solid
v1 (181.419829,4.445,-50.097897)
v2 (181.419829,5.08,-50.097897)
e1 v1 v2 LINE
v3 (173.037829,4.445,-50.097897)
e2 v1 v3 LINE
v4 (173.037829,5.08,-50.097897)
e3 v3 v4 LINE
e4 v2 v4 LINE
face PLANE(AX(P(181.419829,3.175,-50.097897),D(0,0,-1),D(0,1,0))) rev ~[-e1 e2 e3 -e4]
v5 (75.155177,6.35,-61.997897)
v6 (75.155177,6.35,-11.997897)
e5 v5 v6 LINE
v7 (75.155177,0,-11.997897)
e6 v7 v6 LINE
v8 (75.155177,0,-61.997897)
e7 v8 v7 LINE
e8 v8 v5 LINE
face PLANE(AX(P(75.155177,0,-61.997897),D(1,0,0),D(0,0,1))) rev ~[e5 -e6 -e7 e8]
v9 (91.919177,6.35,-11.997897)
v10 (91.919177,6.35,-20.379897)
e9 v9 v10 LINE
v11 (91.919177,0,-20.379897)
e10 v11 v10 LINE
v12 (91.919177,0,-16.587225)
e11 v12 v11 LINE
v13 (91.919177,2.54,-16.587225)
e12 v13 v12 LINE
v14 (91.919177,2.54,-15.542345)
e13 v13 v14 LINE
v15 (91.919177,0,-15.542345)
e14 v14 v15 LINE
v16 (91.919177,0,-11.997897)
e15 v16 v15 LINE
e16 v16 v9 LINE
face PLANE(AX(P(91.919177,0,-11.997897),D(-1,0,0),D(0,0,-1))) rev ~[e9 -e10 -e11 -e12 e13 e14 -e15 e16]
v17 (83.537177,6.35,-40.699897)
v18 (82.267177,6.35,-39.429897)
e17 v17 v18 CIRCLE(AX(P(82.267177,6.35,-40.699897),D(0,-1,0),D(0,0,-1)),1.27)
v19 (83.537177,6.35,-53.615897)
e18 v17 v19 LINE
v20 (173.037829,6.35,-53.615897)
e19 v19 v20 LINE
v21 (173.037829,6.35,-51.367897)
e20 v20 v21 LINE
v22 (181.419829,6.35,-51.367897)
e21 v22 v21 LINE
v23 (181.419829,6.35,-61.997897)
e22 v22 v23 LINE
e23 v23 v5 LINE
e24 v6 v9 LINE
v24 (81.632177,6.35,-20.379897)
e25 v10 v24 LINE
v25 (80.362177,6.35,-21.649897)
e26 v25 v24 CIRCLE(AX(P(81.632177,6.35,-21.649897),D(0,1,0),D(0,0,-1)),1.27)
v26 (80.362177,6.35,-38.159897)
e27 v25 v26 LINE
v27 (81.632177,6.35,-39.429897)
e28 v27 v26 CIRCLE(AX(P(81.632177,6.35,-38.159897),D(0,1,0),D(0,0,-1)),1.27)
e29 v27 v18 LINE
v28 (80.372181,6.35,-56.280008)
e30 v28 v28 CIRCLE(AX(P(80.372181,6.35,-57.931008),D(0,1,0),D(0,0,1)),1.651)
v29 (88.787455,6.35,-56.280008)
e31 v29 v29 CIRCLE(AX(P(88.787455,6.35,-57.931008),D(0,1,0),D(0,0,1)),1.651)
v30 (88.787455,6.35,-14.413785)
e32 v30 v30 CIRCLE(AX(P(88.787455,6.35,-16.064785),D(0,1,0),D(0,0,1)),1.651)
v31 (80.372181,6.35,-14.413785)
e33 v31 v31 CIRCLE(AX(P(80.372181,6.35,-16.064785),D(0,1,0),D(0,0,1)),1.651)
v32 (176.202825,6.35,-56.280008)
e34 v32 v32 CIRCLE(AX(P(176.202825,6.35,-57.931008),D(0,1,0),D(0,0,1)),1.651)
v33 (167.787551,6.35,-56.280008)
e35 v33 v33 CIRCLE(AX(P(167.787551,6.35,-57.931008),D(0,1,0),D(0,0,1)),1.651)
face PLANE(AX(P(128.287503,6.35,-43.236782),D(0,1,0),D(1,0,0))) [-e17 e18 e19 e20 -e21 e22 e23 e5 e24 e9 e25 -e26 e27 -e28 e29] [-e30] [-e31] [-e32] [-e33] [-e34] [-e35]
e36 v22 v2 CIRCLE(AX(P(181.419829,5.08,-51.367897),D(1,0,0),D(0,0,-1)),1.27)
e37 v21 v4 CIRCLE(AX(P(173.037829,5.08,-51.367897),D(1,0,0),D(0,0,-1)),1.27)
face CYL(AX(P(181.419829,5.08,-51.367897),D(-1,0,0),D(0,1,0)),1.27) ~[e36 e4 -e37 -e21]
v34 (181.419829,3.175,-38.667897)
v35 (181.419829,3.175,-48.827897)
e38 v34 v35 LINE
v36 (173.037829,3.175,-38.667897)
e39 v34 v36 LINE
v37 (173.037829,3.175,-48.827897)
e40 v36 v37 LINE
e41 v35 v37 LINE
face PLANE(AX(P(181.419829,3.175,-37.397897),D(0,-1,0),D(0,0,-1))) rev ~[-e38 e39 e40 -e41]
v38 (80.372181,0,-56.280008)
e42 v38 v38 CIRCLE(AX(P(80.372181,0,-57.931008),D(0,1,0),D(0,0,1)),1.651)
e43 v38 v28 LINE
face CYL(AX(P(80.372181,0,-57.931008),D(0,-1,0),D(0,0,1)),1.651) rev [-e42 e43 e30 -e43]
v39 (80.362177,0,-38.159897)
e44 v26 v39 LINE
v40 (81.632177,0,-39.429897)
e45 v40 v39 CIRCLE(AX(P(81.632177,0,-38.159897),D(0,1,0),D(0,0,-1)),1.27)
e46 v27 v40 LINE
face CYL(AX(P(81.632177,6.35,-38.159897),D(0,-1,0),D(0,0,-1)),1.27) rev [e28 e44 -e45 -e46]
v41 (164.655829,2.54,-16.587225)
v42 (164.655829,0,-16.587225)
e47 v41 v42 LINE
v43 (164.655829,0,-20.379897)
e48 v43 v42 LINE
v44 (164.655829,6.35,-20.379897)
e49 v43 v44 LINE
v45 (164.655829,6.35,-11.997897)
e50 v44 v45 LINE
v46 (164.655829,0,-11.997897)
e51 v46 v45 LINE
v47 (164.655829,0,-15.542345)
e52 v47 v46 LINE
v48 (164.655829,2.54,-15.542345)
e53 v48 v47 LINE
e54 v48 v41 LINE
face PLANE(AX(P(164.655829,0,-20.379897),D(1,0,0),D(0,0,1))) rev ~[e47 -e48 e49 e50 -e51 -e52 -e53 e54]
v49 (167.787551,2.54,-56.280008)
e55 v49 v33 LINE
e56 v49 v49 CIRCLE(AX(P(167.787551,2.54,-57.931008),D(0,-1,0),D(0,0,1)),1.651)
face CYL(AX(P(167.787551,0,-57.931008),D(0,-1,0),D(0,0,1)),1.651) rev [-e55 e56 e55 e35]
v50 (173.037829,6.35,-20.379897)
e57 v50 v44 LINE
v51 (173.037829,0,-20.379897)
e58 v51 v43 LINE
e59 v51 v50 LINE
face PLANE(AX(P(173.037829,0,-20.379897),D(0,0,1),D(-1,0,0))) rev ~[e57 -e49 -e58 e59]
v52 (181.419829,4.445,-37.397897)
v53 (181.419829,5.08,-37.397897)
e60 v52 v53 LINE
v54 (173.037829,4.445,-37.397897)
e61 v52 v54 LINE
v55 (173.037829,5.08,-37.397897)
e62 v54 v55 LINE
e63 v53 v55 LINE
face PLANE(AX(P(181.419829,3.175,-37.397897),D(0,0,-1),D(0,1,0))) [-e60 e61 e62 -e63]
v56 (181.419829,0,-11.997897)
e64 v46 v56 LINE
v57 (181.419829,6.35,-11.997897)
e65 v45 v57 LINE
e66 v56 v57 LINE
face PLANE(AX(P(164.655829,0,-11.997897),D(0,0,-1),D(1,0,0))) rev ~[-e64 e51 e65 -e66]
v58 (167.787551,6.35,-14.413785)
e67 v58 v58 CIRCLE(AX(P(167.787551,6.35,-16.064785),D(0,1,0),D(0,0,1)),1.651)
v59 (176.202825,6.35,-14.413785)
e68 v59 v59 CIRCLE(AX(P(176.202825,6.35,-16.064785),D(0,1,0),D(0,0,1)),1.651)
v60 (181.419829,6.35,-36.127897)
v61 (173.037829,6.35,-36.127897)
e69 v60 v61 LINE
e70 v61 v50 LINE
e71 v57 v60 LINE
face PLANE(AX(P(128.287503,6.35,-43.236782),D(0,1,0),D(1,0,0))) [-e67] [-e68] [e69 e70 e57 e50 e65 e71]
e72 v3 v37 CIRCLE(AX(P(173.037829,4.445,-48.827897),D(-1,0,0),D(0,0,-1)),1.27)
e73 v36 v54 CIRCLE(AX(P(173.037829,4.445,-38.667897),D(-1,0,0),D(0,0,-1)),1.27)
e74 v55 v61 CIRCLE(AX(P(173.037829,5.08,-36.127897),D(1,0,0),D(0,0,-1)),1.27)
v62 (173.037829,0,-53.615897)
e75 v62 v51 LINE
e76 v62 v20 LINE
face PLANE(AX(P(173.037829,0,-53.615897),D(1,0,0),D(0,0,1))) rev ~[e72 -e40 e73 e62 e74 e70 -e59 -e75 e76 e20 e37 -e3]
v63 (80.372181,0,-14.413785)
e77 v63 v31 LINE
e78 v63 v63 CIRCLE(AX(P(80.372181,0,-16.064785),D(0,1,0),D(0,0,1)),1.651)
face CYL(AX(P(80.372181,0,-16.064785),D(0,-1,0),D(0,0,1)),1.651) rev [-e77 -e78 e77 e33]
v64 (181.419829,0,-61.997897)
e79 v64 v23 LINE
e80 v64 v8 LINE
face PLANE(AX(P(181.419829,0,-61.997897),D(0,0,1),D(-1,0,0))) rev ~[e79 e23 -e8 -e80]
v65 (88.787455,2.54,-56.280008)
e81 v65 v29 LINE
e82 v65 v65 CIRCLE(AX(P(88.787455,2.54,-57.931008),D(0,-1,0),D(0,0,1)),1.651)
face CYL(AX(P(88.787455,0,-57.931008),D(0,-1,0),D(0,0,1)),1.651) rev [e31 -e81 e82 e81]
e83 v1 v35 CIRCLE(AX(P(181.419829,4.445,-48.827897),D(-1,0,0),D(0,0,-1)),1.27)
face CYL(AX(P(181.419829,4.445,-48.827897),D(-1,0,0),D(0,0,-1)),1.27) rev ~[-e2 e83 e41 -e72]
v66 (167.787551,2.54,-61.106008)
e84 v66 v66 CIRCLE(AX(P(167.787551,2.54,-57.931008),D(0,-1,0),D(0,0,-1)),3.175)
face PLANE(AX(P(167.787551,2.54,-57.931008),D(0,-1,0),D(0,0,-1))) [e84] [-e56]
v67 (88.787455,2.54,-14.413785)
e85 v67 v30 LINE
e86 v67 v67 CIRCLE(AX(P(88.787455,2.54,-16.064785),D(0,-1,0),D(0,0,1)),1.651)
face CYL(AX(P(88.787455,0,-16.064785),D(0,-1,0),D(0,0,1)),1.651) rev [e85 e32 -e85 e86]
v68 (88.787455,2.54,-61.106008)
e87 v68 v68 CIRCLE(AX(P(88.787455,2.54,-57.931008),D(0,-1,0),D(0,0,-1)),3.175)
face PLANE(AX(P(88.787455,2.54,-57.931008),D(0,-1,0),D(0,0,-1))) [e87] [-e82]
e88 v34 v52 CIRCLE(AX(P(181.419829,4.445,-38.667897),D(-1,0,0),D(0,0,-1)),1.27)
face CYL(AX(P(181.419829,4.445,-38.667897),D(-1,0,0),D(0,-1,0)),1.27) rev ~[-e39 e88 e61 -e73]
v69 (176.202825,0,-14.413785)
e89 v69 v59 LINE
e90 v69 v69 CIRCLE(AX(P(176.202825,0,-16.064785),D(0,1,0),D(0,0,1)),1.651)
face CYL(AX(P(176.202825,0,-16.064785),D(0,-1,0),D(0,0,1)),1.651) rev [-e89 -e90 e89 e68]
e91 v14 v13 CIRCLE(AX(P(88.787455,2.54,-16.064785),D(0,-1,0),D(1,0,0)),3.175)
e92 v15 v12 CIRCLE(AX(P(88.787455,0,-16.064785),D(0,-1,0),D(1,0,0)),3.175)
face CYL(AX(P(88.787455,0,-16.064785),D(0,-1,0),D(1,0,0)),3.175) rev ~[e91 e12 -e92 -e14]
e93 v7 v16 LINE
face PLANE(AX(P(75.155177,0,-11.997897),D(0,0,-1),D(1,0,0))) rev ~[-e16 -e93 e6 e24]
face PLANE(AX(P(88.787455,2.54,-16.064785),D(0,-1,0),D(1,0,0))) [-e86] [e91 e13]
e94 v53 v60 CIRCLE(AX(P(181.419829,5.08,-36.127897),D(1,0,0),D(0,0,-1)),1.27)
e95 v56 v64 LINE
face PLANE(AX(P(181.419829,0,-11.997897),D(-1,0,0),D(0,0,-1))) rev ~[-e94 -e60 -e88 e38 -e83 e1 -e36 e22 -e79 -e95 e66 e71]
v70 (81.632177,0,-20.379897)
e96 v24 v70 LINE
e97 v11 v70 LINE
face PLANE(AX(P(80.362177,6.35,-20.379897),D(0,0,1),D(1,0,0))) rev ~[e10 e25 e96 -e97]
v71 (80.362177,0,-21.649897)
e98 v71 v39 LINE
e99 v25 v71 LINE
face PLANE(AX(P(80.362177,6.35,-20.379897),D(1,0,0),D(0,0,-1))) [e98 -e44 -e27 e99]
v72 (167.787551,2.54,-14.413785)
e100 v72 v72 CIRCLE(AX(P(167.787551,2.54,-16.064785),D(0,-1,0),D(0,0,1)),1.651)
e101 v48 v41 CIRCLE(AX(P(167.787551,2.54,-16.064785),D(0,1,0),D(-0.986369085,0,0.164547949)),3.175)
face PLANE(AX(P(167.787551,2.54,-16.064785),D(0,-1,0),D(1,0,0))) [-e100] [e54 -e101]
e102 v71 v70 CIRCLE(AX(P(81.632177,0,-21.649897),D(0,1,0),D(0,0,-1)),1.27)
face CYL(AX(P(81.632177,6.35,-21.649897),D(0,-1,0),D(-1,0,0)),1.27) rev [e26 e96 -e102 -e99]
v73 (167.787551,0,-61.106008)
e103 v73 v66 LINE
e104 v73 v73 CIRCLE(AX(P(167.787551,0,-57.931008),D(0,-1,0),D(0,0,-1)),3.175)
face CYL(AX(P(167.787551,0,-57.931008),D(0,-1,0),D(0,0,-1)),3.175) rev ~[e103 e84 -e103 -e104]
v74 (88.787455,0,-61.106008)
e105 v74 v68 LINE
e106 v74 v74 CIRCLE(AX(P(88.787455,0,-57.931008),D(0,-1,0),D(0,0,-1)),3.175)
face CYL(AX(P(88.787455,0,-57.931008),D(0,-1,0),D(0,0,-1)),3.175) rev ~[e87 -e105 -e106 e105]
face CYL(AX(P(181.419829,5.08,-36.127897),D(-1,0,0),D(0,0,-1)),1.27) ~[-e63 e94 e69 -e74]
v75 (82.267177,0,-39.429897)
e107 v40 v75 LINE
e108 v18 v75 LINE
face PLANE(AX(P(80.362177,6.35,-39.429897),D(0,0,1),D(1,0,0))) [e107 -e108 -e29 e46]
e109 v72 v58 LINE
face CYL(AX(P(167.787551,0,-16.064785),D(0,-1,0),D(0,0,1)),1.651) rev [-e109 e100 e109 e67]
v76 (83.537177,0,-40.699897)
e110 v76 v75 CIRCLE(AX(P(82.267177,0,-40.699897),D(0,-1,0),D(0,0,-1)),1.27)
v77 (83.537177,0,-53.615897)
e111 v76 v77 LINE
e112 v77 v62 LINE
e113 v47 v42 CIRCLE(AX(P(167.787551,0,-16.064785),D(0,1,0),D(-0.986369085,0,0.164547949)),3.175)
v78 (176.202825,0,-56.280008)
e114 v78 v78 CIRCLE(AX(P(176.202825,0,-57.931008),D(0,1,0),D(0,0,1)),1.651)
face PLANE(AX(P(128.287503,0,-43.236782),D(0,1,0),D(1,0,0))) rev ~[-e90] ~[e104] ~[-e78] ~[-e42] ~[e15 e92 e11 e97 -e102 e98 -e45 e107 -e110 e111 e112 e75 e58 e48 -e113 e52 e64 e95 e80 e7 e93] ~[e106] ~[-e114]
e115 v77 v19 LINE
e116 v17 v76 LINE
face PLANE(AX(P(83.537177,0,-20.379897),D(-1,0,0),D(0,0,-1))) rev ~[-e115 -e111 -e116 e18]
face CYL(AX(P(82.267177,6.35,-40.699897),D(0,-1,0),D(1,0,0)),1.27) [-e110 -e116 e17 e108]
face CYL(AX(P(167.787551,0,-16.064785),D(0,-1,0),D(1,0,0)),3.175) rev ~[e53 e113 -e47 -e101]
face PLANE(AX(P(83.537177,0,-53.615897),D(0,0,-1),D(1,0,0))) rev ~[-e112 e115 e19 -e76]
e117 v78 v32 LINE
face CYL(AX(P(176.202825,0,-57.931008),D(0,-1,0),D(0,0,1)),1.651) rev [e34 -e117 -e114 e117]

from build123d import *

# Parameters (mm, degrees)
SKETCH1_R           = 1.651
BOSS_EXTRUDE1_DEPTH = 6.35
SKETCH2_W           = 12.7
SKETCH2_H           = 3.175
CUT_EXTRUDE7_DEPTH  = 8.89
FILLET2_R           = 1.27
SKETCH4_W           = 3.175
SKETCH4_H           = 19.05
CUT_EXTRUDE8_DEPTH  = 192.82600491
FILLET3_R           = 1.27
SKETCH5_R           = 3.175
CUT_EXTRUDE9_DEPTH  = 2.54


with BuildPart() as part:
    # Sketch1 → Boss-Extrude1 (new body)
    with BuildSketch(Plane(origin=(0, 0, 0), x_dir=(1, 0, 0), z_dir=(0, 1, 0))):
        Polygon((75.155177047, 61.997896552), (75.155177047, 11.997896552), (91.919177047, 11.997896552), (91.919177047, 20.379896552), (83.537177047, 20.379896552), (83.537177047, 53.615896552), (173.037829354, 53.615896552), (173.037829354, 20.379896552), (164.655829354, 20.379896552), (164.655829354, 11.997896552), (181.419829354, 11.997896552), (181.419829354, 61.997896552), align=None)
        with Locations(Location((80.3721812, 16.064784874, 0), (0, 0, 270))):
            Circle(SKETCH1_R, mode=Mode.SUBTRACT)
        with Locations(Location((80.3721812, 57.93100823, 0), (0, 0, 270))):
            Circle(SKETCH1_R, mode=Mode.SUBTRACT)
        with Locations(Location((88.7874552, 16.064784874, 0), (0, 0, 270))):
            Circle(SKETCH1_R, mode=Mode.SUBTRACT)
        with Locations(Location((167.7875512, 57.93100823, 0), (0, 0, 270))):
            Circle(SKETCH1_R, mode=Mode.SUBTRACT)
        with Locations(Location((88.7874552, 57.93100823, 0), (0, 0, 270))):
            Circle(SKETCH1_R, mode=Mode.SUBTRACT)
        with Locations(Location((176.2028252, 57.93100823, 0), (0, 0, 270))):
            Circle(SKETCH1_R, mode=Mode.SUBTRACT)
        with Locations(Location((176.2028252, 16.064784874, 0), (0, 0, 270))):
            Circle(SKETCH1_R, mode=Mode.SUBTRACT)
        with Locations(Location((167.7875512, 16.064784874, 0), (0, 0, 270))):
            Circle(SKETCH1_R, mode=Mode.SUBTRACT)
    extrude(amount=BOSS_EXTRUDE1_DEPTH)

    # Sketch2 → Cut-Extrude7 (cut)
    with BuildSketch(Plane(origin=(181.419829354, 0, 0), x_dir=(0, 0, -1), z_dir=(1, 0, 0))):
        with Locations((43.747896552, 4.7625)):
            Rectangle(SKETCH2_W, SKETCH2_H)
    extrude(amount=-CUT_EXTRUDE7_DEPTH, mode=Mode.SUBTRACT)

    # Fillet2
    fillet2_edges = [part.edges().sort_by_distance(p)[0] for p in [
        (177.228829354, 6.35, -37.397896552),
        (177.228829354, 6.35, -50.097896552),
        (177.228829354, 3.175, -50.097896552),
        (177.228829354, 3.175, -37.397896552),
    ]]
    fillet(fillet2_edges, radius=FILLET2_R)

    # Sketch4 → Cut-Extrude8 (cut, through all)
    with BuildSketch(Plane(origin=(0, 6.35, 0), x_dir=(1, 0, 0), z_dir=(0, 1, 0))):
        with Locations((81.949677047, 29.904896552)):
            Rectangle(SKETCH4_W, SKETCH4_H)
    extrude(amount=-CUT_EXTRUDE8_DEPTH, mode=Mode.SUBTRACT)

    # Fillet3
    fillet3_edges = [part.edges().sort_by_distance(p)[0] for p in [
        (83.537177047, 3.175, -39.429896552),
        (80.362177047, 3.175, -20.379896552),
        (80.362177047, 3.175, -39.429896552),
    ]]
    fillet(fillet3_edges, radius=FILLET3_R)

    # Sketch5 → Cut-Extrude9 (cut)
    with BuildSketch(Plane.XZ):
        with Locations((88.7874552, -16.064784874)):
            Circle(SKETCH5_R)
        with Locations(Location((88.7874552, -57.93100823, 0), (0, 0, 270))):
            Circle(SKETCH5_R)
        with Locations(Location((167.7875512, -57.93100823, 0), (0, 0, 270))):
            Circle(SKETCH5_R)
        with Locations((167.7875512, -16.064784874)):
            Circle(SKETCH5_R)
    extrude(amount=-CUT_EXTRUDE9_DEPTH, mode=Mode.SUBTRACT)


solid = part.part
